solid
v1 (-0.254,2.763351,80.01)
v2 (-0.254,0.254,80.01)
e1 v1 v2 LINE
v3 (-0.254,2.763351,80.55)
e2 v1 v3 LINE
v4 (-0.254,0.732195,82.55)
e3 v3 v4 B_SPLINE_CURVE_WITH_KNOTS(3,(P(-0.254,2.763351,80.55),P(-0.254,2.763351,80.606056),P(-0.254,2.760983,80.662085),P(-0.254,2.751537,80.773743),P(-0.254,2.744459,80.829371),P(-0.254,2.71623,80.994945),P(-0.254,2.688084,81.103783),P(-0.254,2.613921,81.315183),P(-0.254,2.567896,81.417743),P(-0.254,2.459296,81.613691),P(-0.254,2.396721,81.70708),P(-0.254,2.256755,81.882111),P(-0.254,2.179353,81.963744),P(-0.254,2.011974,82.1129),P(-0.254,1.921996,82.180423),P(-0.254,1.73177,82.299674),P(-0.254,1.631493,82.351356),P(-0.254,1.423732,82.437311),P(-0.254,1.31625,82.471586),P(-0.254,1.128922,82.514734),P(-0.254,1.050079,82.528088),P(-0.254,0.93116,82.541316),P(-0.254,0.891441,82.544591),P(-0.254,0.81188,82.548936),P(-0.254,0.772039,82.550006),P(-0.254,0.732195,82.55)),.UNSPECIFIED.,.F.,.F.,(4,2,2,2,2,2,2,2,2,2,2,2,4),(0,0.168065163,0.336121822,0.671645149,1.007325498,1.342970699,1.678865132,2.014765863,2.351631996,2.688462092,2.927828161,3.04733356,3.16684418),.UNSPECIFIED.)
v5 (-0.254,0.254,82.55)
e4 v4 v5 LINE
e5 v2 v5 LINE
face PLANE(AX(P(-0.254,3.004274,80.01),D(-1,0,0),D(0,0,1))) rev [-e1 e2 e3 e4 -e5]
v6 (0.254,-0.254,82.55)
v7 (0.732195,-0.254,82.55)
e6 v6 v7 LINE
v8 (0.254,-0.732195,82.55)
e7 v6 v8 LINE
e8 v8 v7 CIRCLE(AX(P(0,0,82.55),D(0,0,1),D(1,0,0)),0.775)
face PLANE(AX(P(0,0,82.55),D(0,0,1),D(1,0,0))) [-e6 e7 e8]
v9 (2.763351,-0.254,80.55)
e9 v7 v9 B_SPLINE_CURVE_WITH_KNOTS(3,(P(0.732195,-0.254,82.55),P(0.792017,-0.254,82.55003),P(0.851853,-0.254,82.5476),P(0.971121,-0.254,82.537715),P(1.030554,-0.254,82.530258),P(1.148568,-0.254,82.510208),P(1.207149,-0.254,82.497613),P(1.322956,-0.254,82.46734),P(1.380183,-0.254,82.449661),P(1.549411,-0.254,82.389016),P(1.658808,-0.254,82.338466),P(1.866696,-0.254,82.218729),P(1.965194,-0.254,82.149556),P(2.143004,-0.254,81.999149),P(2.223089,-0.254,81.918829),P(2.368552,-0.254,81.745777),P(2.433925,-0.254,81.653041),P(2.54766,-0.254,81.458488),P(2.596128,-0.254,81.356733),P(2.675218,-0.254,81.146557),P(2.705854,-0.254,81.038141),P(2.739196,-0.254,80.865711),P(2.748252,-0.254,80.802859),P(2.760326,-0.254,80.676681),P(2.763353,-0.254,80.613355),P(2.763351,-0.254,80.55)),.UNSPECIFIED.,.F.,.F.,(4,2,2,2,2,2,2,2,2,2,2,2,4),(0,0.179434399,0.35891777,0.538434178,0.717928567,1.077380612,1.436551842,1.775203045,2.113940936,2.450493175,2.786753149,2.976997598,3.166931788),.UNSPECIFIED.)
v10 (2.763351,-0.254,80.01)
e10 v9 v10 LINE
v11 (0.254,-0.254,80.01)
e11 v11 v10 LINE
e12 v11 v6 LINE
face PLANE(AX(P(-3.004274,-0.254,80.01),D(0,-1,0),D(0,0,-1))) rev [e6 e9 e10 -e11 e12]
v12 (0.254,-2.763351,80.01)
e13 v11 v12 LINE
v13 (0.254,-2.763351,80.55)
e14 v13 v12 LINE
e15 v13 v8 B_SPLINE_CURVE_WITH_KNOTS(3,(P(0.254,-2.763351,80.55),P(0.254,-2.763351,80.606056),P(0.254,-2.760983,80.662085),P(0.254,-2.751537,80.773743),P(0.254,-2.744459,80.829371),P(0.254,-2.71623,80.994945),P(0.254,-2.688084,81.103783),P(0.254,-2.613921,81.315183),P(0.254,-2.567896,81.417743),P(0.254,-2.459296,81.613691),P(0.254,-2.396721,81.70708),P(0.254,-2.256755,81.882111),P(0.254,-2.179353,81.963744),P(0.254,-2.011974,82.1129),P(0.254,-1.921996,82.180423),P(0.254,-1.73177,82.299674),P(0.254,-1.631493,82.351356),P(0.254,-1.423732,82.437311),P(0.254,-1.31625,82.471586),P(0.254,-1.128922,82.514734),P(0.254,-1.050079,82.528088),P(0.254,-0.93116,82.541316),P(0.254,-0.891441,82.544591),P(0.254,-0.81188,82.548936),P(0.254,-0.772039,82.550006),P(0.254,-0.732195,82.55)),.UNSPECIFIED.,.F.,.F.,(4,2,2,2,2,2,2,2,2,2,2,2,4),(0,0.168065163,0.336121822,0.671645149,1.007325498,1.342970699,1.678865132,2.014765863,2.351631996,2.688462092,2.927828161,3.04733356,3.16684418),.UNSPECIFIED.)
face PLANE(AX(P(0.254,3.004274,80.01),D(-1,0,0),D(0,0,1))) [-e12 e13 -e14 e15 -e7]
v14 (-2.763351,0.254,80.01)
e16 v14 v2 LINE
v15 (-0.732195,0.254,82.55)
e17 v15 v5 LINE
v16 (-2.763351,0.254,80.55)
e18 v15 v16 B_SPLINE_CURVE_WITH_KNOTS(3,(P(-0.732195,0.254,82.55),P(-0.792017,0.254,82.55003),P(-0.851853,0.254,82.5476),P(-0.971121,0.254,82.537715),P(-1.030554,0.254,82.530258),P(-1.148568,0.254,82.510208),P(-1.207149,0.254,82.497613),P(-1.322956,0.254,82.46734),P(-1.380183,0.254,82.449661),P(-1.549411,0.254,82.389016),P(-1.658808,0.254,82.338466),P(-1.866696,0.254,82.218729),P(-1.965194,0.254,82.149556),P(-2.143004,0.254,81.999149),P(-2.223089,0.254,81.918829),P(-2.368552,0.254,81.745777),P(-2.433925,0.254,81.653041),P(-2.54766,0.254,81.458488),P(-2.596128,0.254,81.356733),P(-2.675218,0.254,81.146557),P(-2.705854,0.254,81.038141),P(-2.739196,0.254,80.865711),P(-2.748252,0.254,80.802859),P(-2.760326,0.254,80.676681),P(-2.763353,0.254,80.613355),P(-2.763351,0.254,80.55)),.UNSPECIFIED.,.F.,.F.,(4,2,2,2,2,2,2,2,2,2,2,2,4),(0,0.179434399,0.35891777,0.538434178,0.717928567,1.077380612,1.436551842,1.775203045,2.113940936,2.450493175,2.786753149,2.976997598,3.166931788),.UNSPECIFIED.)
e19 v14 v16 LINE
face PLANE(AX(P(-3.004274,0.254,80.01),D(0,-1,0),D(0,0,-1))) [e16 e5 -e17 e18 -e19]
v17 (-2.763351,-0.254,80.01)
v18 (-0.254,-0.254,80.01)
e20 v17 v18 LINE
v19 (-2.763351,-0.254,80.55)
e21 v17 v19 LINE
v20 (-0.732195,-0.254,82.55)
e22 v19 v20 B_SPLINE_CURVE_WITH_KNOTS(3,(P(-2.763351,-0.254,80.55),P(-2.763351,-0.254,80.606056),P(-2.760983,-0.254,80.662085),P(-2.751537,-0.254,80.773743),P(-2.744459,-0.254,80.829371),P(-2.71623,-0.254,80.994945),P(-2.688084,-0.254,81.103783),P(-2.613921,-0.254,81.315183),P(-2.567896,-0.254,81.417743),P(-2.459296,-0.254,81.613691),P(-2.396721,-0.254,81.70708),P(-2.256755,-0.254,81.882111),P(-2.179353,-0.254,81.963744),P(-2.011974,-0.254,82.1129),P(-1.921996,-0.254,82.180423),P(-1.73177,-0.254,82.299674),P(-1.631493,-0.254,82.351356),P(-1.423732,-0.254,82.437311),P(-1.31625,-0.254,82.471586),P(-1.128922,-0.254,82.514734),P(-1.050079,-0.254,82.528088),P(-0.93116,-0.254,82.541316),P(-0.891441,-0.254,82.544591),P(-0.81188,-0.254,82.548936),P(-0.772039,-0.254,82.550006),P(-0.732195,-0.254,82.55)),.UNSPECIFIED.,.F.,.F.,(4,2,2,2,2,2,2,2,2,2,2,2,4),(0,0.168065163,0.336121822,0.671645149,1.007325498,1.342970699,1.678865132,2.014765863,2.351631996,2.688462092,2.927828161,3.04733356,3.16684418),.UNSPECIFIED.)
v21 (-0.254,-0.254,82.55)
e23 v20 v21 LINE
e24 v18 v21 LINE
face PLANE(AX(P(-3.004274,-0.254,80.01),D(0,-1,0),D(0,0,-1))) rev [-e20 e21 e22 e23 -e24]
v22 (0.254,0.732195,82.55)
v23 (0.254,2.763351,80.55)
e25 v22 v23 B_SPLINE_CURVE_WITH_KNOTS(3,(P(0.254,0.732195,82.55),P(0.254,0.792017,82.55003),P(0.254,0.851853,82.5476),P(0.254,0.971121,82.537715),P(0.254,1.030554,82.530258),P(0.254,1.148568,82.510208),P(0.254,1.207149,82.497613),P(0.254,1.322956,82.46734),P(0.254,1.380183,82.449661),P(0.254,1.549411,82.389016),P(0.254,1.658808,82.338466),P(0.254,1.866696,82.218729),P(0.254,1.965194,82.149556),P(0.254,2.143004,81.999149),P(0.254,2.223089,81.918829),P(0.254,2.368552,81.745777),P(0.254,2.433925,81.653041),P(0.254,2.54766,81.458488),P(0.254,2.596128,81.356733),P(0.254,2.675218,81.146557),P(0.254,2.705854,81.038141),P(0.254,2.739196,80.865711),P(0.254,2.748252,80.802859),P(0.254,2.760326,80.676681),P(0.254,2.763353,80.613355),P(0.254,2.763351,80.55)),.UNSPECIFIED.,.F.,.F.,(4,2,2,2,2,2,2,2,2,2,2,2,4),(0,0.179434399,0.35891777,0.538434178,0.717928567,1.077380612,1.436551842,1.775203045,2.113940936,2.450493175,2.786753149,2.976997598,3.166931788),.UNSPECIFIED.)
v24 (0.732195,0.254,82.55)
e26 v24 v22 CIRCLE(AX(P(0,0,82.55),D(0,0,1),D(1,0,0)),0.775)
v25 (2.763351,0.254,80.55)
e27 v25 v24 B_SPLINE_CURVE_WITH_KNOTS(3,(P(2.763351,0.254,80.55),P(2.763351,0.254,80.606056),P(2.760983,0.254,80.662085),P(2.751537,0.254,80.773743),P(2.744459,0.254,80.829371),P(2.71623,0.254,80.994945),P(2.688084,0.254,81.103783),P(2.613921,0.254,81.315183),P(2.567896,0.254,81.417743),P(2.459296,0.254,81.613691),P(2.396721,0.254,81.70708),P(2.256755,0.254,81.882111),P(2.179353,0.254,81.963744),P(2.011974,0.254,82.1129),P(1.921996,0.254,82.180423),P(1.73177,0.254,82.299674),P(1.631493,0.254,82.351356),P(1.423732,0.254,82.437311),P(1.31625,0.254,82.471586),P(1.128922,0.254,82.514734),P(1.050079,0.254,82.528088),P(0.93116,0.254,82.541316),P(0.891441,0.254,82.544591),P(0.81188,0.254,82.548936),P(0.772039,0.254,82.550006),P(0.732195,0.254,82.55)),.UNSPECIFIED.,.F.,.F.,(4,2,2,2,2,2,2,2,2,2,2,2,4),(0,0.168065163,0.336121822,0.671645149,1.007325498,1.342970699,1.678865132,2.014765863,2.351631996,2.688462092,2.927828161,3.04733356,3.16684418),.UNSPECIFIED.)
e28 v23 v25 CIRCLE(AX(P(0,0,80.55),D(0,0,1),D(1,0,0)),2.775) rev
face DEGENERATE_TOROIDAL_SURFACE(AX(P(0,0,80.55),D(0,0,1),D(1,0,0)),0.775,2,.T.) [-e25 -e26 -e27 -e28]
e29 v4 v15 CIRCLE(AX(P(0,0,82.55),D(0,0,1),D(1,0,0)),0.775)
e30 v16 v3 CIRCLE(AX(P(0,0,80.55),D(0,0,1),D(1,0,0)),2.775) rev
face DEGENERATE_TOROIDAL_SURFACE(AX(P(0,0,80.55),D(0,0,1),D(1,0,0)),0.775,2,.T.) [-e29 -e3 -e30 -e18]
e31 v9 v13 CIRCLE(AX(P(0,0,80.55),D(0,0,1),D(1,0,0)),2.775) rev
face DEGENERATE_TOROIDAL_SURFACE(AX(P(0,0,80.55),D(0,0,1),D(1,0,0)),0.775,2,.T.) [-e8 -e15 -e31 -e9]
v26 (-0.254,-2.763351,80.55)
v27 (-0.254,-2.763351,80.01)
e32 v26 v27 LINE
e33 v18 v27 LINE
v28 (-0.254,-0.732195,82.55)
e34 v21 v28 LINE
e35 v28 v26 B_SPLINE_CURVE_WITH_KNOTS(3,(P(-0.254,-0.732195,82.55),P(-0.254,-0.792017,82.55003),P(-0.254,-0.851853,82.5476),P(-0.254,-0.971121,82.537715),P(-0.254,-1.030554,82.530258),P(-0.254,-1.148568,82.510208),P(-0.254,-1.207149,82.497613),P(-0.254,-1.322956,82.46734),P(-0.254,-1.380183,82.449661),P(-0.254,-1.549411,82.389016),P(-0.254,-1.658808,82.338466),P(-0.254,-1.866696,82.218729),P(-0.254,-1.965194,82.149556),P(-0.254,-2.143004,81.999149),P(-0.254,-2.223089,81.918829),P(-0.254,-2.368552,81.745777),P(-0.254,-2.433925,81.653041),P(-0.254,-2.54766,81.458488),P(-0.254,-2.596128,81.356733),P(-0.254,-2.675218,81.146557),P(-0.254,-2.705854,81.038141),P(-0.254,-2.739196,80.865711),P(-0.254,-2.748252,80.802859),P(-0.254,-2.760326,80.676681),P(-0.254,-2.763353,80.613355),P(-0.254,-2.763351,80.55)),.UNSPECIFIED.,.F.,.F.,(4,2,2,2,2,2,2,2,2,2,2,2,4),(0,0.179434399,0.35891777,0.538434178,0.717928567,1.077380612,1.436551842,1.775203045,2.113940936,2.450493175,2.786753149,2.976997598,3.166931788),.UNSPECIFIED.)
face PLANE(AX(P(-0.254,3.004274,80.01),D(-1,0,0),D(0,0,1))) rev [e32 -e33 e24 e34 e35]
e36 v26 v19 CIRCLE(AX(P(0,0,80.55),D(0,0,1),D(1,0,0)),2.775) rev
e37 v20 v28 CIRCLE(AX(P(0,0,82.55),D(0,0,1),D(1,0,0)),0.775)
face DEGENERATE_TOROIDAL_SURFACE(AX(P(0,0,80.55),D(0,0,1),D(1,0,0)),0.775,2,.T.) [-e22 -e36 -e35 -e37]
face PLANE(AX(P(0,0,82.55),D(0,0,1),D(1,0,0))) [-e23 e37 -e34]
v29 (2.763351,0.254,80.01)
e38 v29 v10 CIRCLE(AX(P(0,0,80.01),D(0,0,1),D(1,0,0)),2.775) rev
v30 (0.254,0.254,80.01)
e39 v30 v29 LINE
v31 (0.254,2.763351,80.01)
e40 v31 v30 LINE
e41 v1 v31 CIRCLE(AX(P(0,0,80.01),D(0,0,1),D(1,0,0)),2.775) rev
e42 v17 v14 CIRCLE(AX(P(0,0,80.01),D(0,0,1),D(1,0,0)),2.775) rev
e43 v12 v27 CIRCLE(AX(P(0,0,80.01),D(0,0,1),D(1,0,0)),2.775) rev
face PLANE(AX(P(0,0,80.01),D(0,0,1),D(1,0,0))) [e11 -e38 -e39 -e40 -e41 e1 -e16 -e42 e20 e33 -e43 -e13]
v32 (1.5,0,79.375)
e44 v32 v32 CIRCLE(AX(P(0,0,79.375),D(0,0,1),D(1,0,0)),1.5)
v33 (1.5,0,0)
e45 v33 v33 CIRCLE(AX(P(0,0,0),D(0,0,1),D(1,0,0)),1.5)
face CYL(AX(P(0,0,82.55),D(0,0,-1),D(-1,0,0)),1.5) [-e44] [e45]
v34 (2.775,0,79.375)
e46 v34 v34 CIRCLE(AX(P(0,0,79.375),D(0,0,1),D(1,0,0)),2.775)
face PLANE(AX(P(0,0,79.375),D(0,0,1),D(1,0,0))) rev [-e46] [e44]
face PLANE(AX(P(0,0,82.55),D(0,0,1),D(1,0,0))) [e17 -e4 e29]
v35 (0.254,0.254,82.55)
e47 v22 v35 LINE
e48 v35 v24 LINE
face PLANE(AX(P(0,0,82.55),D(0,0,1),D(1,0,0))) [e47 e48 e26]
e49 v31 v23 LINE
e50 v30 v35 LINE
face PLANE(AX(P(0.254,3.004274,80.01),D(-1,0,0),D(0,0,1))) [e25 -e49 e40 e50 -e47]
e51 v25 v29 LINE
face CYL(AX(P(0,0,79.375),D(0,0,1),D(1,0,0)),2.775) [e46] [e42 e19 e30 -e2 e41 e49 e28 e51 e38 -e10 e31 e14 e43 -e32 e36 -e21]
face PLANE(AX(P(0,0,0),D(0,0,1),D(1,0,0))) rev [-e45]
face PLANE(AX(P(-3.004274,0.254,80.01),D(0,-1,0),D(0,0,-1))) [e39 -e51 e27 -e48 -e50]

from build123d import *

# Parameters (mm, degrees)
SKETCH1_R               = 1.5
BOSS_EXTRUDE1_DEPTH     = 82.55
SKETCH3_R               = 2.775
BOSS_EXTRUDE3_DEPTH     = 3.175
SKETCH4_W               = 0.508
SKETCH4_H               = 6.00854879
SKETCH4_W_2             = 6.00854879
SKETCH4_H_2             = 0.508
CUT_EXTRUDE_THIN1_DEPTH = 2.54
FILLET2_R               = 2


with BuildPart() as part:
    # Sketch1 → Boss-Extrude1 (new body)
    with BuildSketch(Plane.XY):
        Circle(SKETCH1_R)
    extrude(amount=BOSS_EXTRUDE1_DEPTH)

    # Sketch3 → Boss-Extrude3 (add)
    with BuildSketch(Plane.XY.offset(82.55)):
        Circle(SKETCH3_R)
    extrude(amount=-BOSS_EXTRUDE3_DEPTH)

    # Sketch4 → Cut-Extrude-Thin1 (cut)
    with BuildSketch(Plane.XY.offset(82.55)):
        Rectangle(SKETCH4_W, SKETCH4_H)
        Rectangle(SKETCH4_W_2, SKETCH4_H_2)
    extrude(amount=-CUT_EXTRUDE_THIN1_DEPTH, mode=Mode.SUBTRACT)

    # Fillet2
    fillet2_edges = [part.edges().sort_by_distance(p)[0] for p in [
        (-1.962221318, 1.962221318, 82.55),
        (-1.962221318, -1.962221318, 82.55),
        (1.962221318, -1.962221318, 82.55),
        (1.962221318, 1.962221318, 82.55),
    ]]
    fillet(fillet2_edges, radius=FILLET2_R)


solid = part.part
